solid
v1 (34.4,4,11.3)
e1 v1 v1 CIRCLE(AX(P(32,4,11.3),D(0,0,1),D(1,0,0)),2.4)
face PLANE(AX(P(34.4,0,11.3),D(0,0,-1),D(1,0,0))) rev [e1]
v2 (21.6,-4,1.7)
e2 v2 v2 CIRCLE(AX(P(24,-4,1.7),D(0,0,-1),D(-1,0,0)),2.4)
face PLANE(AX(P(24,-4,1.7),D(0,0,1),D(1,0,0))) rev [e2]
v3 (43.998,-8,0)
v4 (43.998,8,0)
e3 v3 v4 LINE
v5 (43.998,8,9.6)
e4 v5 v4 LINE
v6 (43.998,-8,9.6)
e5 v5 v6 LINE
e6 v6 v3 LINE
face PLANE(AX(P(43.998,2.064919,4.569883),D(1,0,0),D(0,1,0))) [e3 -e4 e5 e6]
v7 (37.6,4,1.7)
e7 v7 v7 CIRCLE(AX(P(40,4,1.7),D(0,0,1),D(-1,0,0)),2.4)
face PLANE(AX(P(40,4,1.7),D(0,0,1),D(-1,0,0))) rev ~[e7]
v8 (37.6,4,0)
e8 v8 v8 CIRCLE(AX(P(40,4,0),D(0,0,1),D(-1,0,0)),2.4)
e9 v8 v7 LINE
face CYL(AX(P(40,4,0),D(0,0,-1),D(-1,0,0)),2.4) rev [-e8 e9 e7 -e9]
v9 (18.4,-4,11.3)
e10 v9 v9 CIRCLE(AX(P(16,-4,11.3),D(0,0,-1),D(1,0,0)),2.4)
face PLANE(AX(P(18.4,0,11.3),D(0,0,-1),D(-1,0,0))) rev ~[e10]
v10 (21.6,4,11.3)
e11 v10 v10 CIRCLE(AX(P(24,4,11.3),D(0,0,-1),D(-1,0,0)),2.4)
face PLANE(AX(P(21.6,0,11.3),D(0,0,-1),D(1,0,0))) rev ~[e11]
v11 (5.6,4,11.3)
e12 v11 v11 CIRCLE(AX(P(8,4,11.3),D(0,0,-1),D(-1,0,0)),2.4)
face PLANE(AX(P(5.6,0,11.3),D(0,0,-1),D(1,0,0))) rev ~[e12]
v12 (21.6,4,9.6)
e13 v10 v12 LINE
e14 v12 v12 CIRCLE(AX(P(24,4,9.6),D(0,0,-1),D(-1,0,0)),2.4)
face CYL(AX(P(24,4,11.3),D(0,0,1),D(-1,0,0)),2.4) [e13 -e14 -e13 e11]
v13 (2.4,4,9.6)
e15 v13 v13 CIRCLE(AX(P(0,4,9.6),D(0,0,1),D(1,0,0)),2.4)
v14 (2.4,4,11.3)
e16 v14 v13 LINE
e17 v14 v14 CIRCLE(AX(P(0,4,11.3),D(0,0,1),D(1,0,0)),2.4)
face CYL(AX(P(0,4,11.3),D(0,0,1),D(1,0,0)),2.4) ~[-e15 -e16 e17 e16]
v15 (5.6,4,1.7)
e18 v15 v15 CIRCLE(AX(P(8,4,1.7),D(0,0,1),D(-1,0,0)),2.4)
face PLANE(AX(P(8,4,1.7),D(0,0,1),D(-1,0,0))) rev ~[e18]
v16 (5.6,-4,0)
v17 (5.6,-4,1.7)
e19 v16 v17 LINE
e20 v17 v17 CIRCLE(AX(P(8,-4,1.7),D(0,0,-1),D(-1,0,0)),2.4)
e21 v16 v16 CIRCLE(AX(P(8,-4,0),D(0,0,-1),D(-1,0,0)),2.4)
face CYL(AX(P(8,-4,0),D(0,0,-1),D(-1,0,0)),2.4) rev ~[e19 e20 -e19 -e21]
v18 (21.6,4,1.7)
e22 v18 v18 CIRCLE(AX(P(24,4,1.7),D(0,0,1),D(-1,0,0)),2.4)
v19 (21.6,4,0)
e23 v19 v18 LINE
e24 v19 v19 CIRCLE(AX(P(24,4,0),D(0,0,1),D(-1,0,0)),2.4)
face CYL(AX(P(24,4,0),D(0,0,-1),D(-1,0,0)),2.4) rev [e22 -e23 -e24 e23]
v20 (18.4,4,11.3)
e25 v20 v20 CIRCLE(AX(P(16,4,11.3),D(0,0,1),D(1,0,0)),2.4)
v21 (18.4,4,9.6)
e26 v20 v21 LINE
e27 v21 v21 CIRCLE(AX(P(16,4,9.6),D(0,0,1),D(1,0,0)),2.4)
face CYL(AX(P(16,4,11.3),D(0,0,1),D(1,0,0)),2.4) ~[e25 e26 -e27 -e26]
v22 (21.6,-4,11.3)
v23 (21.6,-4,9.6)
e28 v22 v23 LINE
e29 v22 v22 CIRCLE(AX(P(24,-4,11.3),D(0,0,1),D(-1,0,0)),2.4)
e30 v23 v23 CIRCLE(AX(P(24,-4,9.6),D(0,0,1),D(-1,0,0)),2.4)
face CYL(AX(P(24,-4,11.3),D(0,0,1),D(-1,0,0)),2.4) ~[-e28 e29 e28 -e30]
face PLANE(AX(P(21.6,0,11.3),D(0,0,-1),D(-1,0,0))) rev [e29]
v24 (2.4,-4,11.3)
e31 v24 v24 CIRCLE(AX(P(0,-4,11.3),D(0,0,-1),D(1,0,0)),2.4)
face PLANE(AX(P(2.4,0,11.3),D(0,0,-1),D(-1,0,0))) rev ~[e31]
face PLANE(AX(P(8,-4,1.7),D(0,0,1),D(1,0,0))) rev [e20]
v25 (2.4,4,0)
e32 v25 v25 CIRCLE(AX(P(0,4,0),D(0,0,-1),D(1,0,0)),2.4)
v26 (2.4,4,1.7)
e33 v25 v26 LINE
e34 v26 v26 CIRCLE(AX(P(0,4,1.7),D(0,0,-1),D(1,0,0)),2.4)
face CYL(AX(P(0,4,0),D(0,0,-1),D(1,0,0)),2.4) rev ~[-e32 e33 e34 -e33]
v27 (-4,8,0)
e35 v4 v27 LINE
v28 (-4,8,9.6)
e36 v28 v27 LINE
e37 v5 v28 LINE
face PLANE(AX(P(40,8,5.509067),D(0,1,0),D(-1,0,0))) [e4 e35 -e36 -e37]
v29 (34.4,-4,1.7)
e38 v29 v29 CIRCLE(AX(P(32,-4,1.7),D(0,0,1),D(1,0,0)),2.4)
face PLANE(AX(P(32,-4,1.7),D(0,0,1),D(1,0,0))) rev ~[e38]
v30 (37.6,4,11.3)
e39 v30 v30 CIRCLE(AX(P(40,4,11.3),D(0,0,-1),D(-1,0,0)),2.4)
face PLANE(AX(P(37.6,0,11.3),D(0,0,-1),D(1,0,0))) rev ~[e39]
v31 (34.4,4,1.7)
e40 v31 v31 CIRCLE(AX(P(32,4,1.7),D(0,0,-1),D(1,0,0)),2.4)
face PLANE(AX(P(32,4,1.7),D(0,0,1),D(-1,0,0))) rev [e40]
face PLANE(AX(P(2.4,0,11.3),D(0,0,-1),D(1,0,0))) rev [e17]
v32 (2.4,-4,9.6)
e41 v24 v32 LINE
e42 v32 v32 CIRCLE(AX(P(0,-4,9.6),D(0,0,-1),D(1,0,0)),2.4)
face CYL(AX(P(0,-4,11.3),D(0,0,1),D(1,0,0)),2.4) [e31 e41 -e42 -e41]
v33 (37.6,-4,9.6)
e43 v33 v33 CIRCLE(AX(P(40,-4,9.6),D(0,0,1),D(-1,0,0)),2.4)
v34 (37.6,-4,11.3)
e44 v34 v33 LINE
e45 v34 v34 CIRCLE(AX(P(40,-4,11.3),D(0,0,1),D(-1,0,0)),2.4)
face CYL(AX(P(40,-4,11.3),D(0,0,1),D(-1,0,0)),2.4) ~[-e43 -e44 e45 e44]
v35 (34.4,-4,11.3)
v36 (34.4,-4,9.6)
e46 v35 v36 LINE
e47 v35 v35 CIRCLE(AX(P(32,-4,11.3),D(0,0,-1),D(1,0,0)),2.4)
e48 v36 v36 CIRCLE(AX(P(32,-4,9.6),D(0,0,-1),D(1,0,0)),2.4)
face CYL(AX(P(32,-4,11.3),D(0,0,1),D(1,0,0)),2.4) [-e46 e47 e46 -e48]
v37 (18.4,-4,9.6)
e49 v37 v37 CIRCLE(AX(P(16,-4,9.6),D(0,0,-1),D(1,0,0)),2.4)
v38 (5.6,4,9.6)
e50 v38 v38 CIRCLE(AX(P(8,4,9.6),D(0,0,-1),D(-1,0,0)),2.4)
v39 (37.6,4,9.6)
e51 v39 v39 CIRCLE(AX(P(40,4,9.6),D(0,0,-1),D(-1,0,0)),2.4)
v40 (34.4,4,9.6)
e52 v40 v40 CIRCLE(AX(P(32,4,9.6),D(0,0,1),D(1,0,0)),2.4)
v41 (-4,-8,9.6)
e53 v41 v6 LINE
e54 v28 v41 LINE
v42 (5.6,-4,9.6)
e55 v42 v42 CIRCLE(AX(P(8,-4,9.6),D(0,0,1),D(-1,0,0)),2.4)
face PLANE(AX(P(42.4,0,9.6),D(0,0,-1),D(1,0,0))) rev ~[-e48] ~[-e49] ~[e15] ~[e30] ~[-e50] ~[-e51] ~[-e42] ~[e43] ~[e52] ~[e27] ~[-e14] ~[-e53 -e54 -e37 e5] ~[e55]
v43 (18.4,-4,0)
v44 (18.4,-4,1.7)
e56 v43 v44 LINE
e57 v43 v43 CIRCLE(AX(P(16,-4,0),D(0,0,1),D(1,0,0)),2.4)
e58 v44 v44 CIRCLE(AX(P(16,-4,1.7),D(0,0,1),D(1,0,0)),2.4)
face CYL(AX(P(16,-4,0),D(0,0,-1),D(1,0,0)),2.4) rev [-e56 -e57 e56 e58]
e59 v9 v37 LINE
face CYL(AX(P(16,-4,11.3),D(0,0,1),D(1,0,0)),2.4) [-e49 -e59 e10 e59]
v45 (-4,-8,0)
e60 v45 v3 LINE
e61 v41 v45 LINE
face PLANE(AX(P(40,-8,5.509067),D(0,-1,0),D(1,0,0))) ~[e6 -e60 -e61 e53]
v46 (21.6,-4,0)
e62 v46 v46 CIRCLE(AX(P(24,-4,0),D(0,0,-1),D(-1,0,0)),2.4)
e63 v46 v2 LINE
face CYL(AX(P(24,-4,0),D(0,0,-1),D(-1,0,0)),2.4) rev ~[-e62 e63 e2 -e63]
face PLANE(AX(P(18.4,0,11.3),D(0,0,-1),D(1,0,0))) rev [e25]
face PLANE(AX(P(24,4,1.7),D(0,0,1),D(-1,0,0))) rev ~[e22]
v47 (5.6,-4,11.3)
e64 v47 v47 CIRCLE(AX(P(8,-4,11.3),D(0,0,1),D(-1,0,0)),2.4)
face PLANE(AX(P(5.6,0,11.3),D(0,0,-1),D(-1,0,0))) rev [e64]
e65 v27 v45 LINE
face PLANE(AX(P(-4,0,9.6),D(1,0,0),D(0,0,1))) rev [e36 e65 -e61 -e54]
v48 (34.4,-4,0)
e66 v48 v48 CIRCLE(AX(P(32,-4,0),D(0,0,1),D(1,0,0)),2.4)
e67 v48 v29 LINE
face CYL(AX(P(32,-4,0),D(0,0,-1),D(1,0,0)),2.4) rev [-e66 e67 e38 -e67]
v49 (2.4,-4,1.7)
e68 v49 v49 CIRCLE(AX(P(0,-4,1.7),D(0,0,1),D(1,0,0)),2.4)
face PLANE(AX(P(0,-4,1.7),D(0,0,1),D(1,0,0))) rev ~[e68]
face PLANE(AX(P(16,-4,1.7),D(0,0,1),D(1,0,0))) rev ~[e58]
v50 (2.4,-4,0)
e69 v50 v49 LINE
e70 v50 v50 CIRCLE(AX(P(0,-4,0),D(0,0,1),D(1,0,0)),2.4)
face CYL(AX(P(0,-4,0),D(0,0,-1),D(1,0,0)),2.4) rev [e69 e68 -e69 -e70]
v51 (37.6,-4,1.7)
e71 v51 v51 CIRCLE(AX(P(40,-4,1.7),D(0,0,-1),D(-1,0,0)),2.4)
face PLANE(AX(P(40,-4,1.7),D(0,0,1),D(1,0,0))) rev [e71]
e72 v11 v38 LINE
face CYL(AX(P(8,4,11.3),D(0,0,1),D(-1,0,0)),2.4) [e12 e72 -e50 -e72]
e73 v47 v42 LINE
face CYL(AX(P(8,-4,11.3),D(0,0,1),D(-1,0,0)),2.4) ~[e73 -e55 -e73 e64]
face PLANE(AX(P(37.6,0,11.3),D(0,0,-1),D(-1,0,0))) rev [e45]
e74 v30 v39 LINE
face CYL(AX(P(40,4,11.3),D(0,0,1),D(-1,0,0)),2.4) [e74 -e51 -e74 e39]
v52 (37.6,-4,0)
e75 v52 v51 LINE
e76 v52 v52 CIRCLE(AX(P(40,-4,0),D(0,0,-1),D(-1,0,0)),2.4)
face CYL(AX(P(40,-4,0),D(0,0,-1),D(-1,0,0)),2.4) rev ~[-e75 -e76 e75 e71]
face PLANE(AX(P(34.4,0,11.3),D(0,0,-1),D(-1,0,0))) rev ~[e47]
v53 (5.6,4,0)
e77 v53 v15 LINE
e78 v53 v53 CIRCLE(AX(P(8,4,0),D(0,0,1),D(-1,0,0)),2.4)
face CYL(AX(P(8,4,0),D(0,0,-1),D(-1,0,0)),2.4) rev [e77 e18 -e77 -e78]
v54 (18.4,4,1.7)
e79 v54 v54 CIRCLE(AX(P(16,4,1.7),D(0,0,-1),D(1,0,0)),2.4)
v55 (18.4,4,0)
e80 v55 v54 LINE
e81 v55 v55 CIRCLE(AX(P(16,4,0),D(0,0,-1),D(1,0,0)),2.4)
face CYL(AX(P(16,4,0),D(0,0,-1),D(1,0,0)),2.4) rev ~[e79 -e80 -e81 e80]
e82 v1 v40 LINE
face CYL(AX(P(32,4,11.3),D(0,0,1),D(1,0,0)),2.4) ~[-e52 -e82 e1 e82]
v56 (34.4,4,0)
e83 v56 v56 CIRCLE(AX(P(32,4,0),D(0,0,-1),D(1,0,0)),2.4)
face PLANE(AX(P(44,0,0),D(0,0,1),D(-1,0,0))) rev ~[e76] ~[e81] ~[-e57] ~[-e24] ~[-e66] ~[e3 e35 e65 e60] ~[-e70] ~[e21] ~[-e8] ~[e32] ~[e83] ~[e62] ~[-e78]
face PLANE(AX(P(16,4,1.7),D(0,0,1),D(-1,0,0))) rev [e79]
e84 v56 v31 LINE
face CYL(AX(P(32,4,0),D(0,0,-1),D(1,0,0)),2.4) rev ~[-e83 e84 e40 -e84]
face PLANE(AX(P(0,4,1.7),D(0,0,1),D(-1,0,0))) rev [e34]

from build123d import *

# Parameters (mm, degrees)
F1_DEPTH  = 8
F3_W      = 8
F3_H      = 8
F3_R      = 2.4
F4_DEPTH  = 1.7
F5_R      = 2.4
F6_DEPTH  = 1.7
F14_W     = 33.3092473447
F14_H     = 24.2573712021
F15_DEPTH = 16.002


with BuildPart() as f1:
    # F0 (on Front) → F1 (new body)
    with BuildSketch(Plane.XZ):
        Polygon((-2.4, 9.6), (-4, 9.6), (-4, 0), (4, 0), (4, 9.6), (2.4, 9.6), (2.4, 11.3), (-2.4, 11.3), align=None)
    extrude(amount=F1_DEPTH)

    # F3 (on plane+point) → F4 (cut, through all)
    with BuildSketch(Plane.XY.offset(11.3)):
        with Locations((0, -4)):
            Rectangle(F3_W, F3_H)
        with Locations((0, -4)):
            Circle(F3_R, mode=Mode.SUBTRACT)
    extrude(amount=-F4_DEPTH, mode=Mode.SUBTRACT)

    # F5 (on Top) → F6 (cut)
    with BuildSketch(Plane.XY):
        with Locations((0, -4)):
            Circle(F5_R)
    extrude(amount=F6_DEPTH, mode=Mode.SUBTRACT)

    # F8: F1 across plane


with BuildPart() as f1_1:
    add(f1.part)
    add(f1.part.mirror(Plane.YZ.offset(4)))

    # F9: F1 across plane


with BuildPart() as f1_2:
    add(f1_1.part)
    add(f1_1.part.mirror(Plane.XZ))

    # F11: F1 across plane


with BuildPart() as f1_3:
    add(f1_2.part)
    add(f1_2.part.mirror(Plane.YZ.offset(12)))

    # F12: F1 across face


with BuildPart() as f1_4:
    add(f1_3.part)
    add(f1_3.part.mirror(Plane(origin=(28, 0, 4.8), x_dir=(0, 1, 0), z_dir=(1, 0, 0))))

    # F14 (on offset) → F15 (cut)
    with BuildSketch(Plane.YZ.offset(60)):
        with Locations((2.0649190992, 4.5698834583)):
            Rectangle(F14_W, F14_H)
    extrude(amount=-F15_DEPTH, mode=Mode.SUBTRACT)


solid = f1_4.part
